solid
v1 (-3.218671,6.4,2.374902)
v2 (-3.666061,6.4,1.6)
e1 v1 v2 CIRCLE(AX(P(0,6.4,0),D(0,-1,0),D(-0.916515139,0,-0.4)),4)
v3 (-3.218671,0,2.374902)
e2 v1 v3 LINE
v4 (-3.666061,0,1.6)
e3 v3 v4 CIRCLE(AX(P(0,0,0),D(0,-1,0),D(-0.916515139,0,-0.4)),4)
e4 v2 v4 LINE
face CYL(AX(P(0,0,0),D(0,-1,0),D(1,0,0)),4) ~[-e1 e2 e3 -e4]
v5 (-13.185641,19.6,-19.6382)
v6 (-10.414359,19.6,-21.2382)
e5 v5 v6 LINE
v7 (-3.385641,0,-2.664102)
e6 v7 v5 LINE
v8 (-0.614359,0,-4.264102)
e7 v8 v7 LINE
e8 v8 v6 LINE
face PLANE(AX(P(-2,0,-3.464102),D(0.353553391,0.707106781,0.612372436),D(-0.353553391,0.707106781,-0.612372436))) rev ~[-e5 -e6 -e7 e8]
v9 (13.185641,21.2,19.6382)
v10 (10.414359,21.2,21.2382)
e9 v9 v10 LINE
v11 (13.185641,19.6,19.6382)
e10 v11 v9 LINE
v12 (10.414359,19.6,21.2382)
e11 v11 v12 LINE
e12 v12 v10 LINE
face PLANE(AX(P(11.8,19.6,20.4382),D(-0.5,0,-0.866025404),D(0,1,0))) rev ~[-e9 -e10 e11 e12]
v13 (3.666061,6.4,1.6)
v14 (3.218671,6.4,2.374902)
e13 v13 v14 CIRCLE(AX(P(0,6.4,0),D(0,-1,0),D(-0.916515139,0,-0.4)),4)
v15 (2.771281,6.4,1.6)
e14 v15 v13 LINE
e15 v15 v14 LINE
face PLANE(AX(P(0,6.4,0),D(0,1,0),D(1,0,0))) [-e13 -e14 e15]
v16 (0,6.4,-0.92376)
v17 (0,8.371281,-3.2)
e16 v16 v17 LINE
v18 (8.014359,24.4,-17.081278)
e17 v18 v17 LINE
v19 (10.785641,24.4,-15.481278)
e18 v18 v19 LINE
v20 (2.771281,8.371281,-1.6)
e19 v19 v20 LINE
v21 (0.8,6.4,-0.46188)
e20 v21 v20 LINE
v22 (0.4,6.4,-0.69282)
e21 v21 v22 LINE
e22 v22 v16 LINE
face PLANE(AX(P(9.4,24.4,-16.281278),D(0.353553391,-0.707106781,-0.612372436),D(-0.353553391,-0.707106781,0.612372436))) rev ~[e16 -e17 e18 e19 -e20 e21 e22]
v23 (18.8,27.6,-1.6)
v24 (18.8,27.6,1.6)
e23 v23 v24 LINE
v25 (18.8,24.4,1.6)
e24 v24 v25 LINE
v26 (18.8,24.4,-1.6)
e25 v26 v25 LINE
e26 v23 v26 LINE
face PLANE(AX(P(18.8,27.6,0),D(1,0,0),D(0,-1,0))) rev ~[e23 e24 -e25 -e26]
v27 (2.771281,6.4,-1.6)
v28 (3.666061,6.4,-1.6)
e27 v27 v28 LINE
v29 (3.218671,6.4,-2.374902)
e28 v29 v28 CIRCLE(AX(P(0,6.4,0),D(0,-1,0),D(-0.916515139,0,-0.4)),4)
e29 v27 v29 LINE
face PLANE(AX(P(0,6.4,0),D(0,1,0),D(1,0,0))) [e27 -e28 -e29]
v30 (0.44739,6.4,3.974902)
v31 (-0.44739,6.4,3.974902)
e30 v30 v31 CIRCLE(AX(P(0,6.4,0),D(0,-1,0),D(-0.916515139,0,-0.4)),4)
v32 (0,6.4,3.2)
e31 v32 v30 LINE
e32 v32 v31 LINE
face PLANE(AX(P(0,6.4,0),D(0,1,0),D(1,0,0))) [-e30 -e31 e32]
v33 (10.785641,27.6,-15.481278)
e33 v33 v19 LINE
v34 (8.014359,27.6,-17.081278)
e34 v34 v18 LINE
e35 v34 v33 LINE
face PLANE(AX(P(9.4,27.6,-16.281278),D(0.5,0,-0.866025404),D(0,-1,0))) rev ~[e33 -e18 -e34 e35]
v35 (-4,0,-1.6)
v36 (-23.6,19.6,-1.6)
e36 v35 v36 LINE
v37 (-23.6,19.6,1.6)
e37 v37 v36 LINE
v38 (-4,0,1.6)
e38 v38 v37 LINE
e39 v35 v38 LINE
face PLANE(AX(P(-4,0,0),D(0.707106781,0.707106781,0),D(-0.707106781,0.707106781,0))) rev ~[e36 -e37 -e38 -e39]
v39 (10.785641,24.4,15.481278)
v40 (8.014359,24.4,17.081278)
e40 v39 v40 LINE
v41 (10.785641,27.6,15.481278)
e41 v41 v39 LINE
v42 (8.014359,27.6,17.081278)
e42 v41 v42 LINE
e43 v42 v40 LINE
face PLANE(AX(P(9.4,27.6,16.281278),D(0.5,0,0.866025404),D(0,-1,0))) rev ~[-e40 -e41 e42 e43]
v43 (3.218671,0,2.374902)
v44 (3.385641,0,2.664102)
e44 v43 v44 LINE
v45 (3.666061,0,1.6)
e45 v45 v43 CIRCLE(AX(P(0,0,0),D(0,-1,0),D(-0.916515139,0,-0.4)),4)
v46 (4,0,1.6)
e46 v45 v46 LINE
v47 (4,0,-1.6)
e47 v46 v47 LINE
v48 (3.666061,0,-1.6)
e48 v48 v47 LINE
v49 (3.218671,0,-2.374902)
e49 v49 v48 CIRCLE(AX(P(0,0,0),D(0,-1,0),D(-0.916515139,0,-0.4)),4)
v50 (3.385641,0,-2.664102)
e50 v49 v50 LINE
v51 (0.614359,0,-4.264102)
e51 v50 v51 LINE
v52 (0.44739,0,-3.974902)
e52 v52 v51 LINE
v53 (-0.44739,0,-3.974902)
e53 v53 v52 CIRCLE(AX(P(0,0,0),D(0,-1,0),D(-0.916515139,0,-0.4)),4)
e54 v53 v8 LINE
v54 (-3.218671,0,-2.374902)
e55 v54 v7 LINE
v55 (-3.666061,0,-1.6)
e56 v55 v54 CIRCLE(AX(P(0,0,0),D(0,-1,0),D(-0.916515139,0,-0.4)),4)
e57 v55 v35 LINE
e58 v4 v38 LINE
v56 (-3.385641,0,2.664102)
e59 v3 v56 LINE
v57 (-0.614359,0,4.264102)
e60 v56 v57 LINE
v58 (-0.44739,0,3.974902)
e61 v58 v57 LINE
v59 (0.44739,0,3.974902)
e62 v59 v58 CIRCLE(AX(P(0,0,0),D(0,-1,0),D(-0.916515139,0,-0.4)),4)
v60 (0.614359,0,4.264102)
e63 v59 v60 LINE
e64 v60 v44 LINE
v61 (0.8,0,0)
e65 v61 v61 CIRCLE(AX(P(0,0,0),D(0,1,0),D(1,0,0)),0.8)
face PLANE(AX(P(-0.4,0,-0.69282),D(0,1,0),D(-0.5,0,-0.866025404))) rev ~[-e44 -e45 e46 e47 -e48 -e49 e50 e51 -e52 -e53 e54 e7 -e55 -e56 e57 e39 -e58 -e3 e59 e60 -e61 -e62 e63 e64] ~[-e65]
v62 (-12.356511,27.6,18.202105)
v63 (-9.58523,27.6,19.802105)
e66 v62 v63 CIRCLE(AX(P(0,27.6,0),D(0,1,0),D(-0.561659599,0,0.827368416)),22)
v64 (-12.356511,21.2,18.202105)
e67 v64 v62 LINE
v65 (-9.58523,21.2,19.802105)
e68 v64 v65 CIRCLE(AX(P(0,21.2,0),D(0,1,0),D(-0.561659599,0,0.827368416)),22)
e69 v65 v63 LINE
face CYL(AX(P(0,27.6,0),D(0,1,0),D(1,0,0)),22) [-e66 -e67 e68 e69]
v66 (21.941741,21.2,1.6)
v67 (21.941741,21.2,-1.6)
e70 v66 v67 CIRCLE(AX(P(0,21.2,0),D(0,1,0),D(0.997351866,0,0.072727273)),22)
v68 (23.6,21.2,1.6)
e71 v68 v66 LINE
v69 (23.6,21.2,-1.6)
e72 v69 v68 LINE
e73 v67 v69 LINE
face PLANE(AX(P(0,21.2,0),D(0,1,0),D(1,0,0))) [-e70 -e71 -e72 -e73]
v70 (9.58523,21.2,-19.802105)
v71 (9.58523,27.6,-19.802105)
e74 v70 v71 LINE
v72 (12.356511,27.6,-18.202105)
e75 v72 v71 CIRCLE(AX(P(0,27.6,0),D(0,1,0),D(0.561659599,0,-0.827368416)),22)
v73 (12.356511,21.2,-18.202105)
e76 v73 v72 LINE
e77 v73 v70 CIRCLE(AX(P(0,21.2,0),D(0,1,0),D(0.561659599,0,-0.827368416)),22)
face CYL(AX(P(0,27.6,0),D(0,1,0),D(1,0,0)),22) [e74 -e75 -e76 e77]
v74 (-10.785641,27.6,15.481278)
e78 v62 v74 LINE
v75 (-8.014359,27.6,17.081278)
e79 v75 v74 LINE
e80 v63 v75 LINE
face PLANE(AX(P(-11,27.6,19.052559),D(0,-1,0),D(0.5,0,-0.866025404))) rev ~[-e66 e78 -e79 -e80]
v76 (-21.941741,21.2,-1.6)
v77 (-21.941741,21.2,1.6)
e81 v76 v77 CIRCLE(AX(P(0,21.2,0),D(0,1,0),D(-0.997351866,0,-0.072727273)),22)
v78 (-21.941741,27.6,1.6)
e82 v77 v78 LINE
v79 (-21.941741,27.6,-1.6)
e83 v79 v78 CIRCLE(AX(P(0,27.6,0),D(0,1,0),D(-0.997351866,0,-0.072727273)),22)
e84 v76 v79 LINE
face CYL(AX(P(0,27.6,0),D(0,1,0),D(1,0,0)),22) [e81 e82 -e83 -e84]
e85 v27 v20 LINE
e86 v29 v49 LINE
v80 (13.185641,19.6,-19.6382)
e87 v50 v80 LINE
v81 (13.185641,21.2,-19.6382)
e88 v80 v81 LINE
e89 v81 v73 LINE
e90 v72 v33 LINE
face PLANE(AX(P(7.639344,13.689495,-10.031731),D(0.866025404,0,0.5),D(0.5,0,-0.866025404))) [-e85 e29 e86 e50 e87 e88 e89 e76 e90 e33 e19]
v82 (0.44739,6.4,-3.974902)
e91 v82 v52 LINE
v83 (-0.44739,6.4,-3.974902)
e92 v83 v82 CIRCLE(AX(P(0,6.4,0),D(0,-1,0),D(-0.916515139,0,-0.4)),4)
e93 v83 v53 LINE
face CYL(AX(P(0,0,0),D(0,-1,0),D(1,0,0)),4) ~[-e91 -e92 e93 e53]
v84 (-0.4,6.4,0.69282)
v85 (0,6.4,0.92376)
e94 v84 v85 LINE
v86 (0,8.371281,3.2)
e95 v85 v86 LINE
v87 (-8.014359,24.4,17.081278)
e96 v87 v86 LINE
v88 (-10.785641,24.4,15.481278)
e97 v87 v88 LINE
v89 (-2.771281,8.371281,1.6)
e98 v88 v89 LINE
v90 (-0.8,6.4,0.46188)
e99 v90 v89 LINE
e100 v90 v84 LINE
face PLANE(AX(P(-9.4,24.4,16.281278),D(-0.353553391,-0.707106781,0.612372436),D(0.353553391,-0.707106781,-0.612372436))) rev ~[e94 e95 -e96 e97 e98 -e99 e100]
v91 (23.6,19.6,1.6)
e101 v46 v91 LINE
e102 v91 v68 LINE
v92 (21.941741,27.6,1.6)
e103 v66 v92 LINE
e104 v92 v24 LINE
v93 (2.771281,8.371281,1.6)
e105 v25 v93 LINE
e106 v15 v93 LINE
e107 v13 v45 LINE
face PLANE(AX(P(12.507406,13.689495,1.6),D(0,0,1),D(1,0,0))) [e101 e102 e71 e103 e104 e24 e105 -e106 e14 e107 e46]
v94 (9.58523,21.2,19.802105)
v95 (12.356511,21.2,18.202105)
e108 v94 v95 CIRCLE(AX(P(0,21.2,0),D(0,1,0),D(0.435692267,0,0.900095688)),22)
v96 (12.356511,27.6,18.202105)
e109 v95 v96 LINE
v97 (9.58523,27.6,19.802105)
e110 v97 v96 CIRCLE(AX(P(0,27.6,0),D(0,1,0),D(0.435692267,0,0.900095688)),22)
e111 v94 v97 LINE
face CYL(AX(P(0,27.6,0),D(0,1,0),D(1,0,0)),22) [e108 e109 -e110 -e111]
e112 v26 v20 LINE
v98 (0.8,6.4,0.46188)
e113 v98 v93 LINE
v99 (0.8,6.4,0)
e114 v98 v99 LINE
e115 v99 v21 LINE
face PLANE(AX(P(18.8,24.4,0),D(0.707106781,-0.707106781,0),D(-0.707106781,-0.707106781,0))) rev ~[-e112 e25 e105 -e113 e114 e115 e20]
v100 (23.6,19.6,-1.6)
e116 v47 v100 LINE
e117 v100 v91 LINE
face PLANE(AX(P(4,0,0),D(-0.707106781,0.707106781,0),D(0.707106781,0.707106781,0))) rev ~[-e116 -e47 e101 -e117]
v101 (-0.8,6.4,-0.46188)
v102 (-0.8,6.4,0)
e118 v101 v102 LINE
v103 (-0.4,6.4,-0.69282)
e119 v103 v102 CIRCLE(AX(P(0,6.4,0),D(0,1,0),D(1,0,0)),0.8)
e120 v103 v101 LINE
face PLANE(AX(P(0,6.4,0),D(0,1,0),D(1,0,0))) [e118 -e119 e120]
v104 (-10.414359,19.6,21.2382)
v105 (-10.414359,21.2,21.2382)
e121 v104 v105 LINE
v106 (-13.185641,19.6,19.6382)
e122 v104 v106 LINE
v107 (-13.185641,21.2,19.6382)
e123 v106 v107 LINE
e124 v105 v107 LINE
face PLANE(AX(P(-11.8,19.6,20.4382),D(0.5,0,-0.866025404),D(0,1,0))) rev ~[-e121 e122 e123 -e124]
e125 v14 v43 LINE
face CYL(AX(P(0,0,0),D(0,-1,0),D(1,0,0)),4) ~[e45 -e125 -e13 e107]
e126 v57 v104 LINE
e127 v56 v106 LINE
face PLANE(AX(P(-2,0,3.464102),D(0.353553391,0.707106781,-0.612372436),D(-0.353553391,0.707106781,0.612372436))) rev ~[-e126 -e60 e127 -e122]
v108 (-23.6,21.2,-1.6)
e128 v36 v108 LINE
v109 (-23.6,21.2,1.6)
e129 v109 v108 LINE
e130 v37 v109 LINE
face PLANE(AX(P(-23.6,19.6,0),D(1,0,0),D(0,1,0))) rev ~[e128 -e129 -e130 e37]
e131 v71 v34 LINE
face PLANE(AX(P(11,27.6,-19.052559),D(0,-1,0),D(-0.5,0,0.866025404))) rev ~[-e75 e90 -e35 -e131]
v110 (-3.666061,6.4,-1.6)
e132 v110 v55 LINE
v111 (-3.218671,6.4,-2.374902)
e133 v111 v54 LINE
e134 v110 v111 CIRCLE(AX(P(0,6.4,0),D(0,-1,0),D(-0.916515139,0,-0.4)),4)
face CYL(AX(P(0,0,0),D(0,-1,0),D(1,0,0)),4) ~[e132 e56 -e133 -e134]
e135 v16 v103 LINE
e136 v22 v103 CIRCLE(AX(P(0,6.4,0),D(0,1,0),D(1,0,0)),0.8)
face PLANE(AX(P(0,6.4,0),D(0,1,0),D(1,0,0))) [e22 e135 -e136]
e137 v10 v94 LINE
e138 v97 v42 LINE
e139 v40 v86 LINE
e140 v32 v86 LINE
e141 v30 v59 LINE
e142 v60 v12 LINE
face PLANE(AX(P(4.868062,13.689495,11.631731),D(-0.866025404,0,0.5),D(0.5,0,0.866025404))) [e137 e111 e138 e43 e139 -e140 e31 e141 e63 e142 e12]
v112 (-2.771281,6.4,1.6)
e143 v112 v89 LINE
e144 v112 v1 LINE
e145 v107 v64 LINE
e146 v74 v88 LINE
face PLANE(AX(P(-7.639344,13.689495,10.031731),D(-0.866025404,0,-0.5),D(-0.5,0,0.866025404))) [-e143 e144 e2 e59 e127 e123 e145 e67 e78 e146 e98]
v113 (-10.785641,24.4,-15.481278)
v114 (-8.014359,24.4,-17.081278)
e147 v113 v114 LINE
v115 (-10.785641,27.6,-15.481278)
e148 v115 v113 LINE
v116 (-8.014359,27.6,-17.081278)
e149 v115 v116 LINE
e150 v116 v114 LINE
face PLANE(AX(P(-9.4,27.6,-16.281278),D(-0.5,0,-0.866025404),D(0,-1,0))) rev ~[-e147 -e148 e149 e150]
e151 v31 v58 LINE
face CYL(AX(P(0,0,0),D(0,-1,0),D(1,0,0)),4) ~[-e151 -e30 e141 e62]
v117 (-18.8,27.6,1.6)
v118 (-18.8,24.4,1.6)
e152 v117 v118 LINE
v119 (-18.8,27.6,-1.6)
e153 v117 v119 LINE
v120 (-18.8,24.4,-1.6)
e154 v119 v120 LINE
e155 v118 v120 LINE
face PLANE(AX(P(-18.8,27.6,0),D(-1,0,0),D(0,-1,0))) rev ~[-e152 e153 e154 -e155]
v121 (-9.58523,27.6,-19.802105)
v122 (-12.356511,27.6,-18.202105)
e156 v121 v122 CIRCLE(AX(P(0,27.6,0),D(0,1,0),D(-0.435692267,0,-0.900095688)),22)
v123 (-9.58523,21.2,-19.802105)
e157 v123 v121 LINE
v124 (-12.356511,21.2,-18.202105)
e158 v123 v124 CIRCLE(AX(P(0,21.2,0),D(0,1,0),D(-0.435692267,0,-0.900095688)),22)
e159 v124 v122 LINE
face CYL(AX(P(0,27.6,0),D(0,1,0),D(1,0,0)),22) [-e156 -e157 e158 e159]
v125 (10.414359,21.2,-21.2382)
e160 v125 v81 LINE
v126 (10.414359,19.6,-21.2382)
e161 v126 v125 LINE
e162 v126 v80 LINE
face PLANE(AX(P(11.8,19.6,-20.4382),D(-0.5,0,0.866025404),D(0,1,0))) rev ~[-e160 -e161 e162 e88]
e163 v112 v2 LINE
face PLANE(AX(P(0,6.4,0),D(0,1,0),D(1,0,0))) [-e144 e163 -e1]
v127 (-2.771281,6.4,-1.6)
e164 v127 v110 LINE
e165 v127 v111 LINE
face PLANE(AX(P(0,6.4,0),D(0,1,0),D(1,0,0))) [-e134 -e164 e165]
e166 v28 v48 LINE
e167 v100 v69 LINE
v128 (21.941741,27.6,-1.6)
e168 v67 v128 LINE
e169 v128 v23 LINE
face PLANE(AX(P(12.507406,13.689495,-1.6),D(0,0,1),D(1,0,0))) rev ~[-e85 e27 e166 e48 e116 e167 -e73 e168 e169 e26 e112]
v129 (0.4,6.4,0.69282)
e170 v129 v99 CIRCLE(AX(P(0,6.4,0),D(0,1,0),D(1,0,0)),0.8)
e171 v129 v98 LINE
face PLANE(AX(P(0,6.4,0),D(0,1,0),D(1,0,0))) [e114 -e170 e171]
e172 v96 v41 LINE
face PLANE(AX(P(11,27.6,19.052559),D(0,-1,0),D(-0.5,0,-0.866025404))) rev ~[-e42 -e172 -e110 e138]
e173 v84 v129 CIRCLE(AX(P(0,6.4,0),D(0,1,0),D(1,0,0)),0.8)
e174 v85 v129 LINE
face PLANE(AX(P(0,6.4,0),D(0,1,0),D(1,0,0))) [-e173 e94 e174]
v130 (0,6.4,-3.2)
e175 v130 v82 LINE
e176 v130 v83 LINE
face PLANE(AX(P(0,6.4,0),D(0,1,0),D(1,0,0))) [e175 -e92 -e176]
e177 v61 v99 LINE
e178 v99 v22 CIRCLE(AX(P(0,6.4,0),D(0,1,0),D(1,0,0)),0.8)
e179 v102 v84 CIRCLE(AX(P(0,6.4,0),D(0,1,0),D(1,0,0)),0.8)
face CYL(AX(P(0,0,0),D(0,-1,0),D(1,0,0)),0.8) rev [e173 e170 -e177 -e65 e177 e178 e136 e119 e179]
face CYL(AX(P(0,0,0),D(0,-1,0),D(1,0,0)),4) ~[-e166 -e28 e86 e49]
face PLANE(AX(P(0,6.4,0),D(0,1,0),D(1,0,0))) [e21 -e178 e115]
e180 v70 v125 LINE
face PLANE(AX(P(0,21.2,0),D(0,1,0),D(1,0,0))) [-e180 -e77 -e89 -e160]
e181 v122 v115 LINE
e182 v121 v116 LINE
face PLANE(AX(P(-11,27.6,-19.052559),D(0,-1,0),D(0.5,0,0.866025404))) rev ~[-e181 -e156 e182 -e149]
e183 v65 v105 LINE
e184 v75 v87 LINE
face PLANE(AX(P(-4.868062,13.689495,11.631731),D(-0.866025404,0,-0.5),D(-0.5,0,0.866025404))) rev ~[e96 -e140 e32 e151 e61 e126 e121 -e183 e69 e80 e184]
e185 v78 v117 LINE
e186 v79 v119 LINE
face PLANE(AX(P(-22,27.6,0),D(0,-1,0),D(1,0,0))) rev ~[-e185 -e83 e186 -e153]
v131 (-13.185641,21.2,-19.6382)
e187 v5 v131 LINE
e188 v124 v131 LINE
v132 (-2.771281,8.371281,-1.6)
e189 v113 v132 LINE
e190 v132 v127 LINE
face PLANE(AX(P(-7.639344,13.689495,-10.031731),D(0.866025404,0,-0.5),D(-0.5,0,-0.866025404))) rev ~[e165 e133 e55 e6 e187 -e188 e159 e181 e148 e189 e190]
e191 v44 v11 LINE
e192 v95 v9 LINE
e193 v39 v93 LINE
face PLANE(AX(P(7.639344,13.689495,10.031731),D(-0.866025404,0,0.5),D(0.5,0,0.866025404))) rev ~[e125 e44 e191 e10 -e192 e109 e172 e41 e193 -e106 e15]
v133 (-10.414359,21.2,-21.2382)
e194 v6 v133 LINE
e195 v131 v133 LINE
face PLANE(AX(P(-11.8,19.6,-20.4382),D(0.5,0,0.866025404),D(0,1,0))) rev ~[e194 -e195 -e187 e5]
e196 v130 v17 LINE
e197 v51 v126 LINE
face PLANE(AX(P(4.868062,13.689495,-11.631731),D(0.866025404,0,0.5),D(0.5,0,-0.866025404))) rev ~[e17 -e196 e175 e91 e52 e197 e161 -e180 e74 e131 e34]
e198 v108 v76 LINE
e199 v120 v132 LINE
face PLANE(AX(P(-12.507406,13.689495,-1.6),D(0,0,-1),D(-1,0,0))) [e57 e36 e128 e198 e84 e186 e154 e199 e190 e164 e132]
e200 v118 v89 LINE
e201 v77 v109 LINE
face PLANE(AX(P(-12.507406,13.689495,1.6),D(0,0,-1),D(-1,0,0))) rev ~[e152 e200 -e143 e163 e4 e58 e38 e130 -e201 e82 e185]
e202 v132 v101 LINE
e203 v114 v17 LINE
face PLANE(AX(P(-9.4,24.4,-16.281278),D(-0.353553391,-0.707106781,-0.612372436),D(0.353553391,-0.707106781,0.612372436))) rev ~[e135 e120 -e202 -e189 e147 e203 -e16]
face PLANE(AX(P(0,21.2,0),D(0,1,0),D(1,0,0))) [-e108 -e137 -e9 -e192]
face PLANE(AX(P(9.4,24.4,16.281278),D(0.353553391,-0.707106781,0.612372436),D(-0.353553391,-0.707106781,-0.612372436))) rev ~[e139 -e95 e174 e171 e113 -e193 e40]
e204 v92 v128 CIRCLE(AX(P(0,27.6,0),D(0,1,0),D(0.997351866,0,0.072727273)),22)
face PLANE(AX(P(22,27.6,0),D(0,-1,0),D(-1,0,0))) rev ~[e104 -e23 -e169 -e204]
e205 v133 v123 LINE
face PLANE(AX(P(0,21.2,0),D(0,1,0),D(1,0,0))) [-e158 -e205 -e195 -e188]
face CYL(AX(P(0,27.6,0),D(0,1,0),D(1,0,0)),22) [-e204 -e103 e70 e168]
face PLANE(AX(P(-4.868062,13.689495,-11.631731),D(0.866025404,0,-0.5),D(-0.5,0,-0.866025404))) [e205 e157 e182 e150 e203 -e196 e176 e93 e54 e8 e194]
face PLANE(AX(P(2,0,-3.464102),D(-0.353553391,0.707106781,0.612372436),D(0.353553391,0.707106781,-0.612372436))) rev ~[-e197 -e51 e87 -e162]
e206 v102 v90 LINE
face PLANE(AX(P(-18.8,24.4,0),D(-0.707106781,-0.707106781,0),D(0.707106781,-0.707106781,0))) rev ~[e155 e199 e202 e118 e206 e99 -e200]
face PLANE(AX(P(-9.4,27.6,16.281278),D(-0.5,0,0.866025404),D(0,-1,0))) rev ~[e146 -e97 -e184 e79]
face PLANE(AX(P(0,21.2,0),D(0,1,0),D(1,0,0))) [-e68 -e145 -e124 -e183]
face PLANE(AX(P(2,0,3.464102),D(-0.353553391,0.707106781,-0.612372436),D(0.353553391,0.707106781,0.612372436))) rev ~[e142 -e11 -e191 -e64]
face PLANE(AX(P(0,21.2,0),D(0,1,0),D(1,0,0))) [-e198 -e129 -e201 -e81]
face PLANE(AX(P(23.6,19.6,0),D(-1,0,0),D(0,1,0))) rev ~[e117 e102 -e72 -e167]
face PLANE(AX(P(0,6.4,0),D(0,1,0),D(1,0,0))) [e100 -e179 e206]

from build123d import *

# Parameters (mm, degrees)
SKETCH1_R           = 4
SKETCH1_R_2         = 0.8
BOSS_EXTRUDE1_DEPTH = 6.4
BOSS_EXTRUDE2_DEPTH = 1.6
CIRPATTERN1_COUNT   = 6
SKETCH3_R           = 23.654175107
SKETCH3_R_2         = 22
CUT_EXTRUDE1_DEPTH  = 6.4


with BuildPart() as part:
    # Sketch1 → Boss-Extrude1 (new body)
    with BuildSketch(Plane(origin=(0, 0, 0), x_dir=(1, 0, 0), z_dir=(0, 1, 0))):
        Circle(SKETCH1_R)
        Circle(SKETCH1_R_2, mode=Mode.SUBTRACT)
    extrude(amount=BOSS_EXTRUDE1_DEPTH)

    # Sketch2 → Boss-Extrude2 (add, symmetric)
    with BuildSketch(Plane.XY):
        Polygon((-4, 0), (-23.6, 19.6), (-23.6, 21.2), (-22, 21.2), (-22, 27.6), (-18.8, 27.6), (-18.8, 24.4), (-0.8, 6.4), (-0.8, 0), align=None)
    boss_extrude2 = extrude(amount=BOSS_EXTRUDE2_DEPTH, both=True)

    # CirPattern1: Boss-Extrude2 ×6 about axis
    cirpattern1_axis = Axis((0, 0, 0), (0, 1, 0))
    for i in range(1, CIRPATTERN1_COUNT):
        add(boss_extrude2.rotate(cirpattern1_axis, i * 360 / CIRPATTERN1_COUNT))

    # Sketch3 → Cut-Extrude1 (cut)
    with BuildSketch(Plane(origin=(0, 27.6, 0), x_dir=(1, 0, 0), z_dir=(0, 1, 0))):
        Circle(SKETCH3_R)
        Circle(SKETCH3_R_2, mode=Mode.SUBTRACT)
    extrude(amount=-CUT_EXTRUDE1_DEPTH, mode=Mode.SUBTRACT)


solid = part.part
